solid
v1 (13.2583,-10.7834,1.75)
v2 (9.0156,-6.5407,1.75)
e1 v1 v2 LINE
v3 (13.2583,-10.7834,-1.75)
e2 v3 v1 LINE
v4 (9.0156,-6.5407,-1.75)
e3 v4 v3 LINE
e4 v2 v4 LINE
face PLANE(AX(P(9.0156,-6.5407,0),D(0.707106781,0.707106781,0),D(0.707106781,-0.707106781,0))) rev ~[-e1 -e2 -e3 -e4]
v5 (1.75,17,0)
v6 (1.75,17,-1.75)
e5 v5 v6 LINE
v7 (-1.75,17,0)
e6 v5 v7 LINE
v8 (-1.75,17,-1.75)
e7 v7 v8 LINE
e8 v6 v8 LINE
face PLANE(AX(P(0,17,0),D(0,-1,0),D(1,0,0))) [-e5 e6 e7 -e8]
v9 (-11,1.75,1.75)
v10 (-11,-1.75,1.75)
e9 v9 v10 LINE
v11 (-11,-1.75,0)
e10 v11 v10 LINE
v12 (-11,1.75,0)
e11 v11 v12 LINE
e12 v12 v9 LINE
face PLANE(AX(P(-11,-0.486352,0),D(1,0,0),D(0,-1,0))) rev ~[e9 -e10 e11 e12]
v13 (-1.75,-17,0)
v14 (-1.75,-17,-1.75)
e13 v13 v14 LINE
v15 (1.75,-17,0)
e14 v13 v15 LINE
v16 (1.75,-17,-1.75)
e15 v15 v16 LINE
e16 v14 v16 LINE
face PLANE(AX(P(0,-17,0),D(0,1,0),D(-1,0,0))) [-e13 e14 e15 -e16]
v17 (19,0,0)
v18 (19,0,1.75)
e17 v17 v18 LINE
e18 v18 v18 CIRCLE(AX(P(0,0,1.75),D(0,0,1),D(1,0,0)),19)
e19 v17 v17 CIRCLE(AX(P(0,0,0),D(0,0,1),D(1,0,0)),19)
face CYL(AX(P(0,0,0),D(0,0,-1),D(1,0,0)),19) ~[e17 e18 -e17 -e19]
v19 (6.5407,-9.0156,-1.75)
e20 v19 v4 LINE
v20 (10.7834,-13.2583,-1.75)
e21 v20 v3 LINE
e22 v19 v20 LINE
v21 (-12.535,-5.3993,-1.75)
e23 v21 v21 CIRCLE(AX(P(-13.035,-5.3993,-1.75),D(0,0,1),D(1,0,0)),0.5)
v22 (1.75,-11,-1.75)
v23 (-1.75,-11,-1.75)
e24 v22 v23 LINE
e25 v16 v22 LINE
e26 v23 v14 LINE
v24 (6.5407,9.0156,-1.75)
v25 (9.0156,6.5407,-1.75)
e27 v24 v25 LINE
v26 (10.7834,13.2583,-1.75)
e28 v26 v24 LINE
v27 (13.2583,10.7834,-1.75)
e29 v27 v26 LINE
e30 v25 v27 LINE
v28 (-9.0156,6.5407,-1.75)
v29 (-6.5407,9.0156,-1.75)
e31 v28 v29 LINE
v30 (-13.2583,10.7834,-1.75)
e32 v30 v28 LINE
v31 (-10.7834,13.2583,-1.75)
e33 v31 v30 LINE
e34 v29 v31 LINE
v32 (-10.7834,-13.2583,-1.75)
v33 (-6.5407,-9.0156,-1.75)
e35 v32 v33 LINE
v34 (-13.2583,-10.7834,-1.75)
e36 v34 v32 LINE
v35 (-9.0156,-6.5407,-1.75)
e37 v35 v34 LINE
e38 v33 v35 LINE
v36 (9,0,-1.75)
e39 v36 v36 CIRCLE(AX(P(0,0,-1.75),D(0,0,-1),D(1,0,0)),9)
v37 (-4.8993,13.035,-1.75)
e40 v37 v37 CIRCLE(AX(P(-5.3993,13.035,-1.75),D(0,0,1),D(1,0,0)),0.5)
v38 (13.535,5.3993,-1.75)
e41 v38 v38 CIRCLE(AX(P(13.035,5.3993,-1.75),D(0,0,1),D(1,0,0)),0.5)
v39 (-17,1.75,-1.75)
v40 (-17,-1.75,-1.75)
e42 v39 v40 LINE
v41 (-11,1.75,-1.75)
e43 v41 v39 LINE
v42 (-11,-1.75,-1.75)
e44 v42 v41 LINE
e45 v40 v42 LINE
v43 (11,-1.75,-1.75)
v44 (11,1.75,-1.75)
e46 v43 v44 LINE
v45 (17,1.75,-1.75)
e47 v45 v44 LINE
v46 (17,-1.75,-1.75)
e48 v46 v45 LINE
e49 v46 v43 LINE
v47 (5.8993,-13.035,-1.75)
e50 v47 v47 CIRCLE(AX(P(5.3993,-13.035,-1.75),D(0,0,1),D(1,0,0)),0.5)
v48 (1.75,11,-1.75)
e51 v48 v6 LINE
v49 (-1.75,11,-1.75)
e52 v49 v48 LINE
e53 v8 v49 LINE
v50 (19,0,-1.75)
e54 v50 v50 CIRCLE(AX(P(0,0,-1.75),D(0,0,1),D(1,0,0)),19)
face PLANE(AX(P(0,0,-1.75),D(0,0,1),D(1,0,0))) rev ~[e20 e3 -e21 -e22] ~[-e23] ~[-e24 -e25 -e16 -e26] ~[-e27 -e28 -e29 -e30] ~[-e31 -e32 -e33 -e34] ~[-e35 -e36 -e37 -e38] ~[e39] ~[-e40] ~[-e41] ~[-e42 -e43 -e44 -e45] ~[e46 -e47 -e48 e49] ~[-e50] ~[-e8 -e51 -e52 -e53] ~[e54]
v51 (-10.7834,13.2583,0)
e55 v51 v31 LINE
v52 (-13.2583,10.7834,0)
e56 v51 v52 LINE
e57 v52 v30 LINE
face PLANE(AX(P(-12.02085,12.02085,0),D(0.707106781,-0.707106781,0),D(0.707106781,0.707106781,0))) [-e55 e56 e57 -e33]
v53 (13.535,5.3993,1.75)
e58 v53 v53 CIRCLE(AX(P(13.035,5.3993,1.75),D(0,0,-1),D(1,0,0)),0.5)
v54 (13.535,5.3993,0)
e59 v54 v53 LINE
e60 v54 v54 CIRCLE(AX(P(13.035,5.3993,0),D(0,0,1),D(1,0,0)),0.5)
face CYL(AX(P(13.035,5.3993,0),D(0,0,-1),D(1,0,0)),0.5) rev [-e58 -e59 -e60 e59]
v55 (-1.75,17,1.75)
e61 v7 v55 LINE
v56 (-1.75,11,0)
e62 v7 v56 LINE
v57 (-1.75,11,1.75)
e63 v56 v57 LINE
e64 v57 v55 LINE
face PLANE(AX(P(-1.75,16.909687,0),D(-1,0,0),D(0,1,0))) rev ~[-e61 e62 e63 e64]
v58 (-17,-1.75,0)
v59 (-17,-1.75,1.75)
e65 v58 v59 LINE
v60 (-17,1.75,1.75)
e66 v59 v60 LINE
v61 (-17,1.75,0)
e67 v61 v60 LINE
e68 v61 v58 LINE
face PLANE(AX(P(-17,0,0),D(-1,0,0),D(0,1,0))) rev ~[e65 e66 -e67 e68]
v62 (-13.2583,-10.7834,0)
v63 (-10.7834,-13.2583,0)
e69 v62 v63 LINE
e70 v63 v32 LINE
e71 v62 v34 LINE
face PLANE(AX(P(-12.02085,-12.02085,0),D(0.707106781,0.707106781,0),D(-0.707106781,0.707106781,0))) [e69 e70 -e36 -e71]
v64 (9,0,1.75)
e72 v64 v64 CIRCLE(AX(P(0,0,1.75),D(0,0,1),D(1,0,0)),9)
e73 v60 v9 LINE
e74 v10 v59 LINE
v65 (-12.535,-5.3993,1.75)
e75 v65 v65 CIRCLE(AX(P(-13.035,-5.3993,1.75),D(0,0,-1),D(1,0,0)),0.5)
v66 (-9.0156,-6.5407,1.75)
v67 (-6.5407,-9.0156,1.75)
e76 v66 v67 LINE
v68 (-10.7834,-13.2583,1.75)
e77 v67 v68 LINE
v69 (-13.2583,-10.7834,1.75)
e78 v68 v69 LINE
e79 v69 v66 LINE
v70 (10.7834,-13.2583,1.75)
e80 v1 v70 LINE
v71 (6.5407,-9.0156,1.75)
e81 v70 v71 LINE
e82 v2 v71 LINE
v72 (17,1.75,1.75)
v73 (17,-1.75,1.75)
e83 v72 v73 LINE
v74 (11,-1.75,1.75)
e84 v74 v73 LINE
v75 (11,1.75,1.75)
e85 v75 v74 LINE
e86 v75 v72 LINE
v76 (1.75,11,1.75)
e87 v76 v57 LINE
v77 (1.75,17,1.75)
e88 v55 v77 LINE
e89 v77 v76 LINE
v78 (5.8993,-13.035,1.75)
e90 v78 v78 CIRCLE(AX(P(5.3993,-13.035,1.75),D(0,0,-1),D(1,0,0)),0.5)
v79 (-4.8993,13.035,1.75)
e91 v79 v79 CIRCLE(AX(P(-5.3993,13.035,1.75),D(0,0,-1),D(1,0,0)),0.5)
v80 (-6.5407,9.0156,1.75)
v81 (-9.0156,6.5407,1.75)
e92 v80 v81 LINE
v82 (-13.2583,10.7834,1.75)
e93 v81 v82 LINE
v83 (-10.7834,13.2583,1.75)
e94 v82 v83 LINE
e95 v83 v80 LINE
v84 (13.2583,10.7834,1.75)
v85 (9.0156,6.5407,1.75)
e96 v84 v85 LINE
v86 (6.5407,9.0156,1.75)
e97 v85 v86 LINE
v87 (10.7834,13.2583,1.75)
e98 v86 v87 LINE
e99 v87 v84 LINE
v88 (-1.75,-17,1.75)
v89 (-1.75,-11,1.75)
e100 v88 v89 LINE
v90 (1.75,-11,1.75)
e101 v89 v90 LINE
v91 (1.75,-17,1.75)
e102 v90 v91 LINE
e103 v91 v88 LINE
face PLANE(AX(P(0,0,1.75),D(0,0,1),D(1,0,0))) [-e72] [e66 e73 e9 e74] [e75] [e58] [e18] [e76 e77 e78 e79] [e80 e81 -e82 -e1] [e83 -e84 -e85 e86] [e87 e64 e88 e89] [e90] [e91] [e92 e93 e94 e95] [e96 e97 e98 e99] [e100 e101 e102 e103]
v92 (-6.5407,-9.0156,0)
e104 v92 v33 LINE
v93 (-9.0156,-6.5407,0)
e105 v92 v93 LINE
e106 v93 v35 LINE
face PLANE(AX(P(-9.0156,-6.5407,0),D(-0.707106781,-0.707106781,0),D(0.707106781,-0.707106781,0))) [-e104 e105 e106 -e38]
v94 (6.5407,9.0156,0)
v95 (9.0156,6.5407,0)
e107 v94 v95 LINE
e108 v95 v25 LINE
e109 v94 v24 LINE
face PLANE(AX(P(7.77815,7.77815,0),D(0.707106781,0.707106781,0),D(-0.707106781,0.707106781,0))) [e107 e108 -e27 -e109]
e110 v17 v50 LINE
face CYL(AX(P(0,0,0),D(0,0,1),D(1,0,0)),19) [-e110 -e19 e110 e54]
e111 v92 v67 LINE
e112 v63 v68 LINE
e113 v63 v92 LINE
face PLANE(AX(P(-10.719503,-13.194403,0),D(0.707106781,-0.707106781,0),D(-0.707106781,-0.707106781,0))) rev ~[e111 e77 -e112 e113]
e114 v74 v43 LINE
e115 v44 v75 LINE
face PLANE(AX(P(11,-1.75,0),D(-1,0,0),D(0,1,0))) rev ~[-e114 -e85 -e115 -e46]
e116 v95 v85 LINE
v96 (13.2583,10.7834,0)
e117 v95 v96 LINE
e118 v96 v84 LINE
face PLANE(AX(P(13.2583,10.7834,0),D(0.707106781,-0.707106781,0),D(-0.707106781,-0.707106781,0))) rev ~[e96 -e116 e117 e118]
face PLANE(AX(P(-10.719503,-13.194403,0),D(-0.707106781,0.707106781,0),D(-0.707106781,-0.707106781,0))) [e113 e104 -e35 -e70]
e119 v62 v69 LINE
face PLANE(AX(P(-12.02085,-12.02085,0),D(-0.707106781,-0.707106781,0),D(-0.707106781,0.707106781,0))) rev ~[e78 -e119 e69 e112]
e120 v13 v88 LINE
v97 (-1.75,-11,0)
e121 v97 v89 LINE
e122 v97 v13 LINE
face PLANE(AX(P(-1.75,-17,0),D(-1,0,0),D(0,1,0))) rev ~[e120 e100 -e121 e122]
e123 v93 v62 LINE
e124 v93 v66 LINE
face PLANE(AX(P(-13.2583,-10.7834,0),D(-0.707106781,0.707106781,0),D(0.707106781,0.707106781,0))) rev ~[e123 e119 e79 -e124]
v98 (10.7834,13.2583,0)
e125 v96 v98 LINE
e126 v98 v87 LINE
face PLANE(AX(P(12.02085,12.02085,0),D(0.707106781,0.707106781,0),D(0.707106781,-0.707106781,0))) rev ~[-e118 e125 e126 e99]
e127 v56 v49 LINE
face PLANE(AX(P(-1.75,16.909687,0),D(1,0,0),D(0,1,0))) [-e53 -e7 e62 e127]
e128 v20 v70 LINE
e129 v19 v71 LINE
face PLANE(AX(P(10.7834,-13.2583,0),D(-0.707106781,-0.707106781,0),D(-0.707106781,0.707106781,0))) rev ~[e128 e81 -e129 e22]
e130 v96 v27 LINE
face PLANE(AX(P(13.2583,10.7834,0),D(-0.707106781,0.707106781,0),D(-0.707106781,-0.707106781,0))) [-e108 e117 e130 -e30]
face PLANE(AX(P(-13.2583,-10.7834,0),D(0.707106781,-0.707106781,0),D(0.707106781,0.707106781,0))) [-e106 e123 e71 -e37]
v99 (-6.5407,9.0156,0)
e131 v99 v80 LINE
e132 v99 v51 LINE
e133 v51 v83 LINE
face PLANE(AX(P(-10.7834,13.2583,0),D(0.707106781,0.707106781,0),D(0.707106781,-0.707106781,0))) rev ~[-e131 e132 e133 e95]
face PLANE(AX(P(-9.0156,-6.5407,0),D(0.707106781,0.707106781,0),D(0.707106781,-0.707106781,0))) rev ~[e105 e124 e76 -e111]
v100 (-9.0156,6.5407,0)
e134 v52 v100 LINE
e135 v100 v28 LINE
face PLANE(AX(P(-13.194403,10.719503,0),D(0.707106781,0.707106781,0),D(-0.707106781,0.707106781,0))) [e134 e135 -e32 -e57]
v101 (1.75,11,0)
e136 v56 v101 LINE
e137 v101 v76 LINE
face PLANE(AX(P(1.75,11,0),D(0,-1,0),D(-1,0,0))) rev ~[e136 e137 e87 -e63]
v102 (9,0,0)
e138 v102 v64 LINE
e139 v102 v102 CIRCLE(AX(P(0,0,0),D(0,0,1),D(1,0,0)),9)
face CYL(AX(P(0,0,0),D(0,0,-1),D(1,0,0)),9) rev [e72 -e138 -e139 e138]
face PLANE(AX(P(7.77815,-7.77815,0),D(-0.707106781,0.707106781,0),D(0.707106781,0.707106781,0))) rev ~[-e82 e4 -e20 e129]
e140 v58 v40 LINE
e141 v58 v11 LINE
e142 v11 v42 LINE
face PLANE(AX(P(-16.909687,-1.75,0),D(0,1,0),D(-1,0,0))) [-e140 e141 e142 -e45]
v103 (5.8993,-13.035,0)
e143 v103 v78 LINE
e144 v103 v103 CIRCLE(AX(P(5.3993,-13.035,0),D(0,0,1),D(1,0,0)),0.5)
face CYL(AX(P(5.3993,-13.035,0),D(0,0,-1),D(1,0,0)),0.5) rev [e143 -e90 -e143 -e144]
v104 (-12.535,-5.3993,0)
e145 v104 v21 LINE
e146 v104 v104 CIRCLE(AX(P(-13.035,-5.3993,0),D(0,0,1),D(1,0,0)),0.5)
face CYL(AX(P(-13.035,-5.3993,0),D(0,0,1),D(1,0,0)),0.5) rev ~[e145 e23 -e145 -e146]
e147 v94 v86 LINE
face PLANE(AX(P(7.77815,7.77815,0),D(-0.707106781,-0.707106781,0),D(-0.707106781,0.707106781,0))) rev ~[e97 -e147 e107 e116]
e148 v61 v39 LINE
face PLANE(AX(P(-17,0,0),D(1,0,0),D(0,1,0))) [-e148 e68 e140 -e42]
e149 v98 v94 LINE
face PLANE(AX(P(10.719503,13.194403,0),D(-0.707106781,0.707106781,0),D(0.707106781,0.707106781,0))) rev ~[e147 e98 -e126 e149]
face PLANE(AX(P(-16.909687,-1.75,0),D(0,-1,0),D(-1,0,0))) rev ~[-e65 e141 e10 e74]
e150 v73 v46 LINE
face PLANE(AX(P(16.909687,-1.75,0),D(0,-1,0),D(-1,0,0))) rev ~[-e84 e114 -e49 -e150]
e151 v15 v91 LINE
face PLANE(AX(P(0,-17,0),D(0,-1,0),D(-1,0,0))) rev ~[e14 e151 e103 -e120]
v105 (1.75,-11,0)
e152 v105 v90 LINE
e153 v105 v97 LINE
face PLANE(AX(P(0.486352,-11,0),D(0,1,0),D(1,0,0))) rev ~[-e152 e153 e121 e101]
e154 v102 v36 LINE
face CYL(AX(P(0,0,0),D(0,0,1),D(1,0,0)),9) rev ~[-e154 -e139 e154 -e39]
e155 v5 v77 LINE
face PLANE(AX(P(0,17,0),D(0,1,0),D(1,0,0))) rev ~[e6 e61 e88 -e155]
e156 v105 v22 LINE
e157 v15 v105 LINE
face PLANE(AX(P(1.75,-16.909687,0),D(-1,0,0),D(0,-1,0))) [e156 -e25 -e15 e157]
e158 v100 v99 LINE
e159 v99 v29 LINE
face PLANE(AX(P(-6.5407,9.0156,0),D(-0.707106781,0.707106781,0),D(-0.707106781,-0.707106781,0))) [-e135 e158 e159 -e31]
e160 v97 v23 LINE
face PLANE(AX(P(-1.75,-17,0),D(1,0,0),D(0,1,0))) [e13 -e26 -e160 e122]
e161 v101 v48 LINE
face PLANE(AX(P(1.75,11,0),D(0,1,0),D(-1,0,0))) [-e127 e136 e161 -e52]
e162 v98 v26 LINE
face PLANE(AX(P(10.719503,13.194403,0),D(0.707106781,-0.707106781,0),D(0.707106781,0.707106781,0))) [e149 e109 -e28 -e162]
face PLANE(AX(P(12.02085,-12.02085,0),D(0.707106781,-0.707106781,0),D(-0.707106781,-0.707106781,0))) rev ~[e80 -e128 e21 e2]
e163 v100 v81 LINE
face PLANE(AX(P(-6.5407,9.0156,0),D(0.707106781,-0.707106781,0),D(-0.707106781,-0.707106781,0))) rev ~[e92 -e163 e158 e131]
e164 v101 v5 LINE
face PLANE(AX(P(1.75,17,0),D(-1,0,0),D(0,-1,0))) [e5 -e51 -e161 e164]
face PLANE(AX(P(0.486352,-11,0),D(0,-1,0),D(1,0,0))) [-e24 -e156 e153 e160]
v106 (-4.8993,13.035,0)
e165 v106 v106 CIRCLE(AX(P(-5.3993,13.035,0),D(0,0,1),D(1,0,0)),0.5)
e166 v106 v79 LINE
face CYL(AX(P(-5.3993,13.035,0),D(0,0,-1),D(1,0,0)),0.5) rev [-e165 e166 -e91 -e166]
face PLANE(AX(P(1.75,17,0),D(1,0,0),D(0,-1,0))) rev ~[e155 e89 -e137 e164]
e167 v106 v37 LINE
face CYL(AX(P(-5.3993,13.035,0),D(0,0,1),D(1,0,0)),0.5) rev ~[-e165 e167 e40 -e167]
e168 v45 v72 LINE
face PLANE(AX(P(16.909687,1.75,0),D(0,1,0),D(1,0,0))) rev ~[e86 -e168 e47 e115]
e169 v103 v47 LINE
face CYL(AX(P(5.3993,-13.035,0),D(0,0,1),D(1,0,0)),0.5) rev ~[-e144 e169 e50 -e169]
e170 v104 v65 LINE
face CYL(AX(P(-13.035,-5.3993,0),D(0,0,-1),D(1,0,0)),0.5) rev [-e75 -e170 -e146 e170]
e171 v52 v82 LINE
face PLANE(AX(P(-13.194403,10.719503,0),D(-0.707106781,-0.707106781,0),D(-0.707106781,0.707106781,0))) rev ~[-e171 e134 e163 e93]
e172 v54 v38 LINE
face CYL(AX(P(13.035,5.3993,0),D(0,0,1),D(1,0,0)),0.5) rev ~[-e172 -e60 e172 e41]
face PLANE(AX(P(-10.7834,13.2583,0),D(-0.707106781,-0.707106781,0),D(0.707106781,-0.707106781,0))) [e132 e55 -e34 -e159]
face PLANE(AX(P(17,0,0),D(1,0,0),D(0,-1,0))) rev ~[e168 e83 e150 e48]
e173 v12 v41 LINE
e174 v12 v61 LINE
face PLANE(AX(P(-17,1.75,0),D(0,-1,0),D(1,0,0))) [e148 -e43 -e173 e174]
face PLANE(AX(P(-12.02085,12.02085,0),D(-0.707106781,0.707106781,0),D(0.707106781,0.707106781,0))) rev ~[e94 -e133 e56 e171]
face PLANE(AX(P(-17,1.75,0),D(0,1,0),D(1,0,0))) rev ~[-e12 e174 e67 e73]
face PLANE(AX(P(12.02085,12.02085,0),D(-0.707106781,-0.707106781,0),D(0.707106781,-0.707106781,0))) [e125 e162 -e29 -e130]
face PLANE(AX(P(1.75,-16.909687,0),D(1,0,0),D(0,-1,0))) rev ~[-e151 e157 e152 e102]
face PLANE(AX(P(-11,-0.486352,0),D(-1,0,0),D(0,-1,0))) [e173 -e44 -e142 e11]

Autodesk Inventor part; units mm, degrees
ref_plane "YZ Plane" through (0, 0, 0) normal (1, 0, 0) x (0, 1, 0)
ref_plane "XZ Plane" through (0, 0, 0) normal (0, 1, 0) x (-1, 0, 0)
ref_plane "XY Plane" through (0, 0, 0) normal (0, 0, 1) x (1, 0, 0)
sketch "Sketch1" plane through (0, 0, 0) normal (0, 0, 1) x (1, 0, 0)
  circle A0 centre (0, 0) radius 11
  circle A1 centre (0, 0) radius 17
  line L0 (11, 1.75) -> (17, 1.75)
  line L1 (17, 1.75) -> (17, -1.75)
  line L2 (17, -1.75) -> (11, -1.75)
  line L3 (11, -1.75) -> (11, 1.75)
  line L4 (13.2583, 10.7834) -> (9.0156, 6.5407)
  line L5 (9.0156, 6.5407) -> (6.5407, 9.0156)
  line L6 (6.5407, 9.0156) -> (10.7834, 13.2583)
  line L7 (10.7834, 13.2583) -> (13.2583, 10.7834)
  line L8 (1.75, 17) -> (1.75, 11)
  line L9 (1.75, 11) -> (-1.75, 11)
  line L10 (-1.75, 11) -> (-1.75, 17)
  line L11 (-1.75, 17) -> (1.75, 17)
  line L12 (-10.7834, 13.2583) -> (-6.5407, 9.0156)
  line L13 (-6.5407, 9.0156) -> (-9.0156, 6.5407)
  line L14 (-9.0156, 6.5407) -> (-13.2583, 10.7834)
  line L15 (-13.2583, 10.7834) -> (-10.7834, 13.2583)
  line L16 (-17, 1.75) -> (-11, 1.75)
  line L17 (-11, 1.75) -> (-11, -1.75)
  line L18 (-11, -1.75) -> (-17, -1.75)
  line L19 (-17, -1.75) -> (-17, 1.75)
  line L20 (-13.2583, -10.7834) -> (-9.0156, -6.5407)
  line L21 (-9.0156, -6.5407) -> (-6.5407, -9.0156)
  line L22 (-6.5407, -9.0156) -> (-10.7834, -13.2583)
  line L23 (-10.7834, -13.2583) -> (-13.2583, -10.7834)
  line L24 (-1.75, -17) -> (-1.75, -11)
  line L25 (-1.75, -11) -> (1.75, -11)
  line L26 (1.75, -11) -> (1.75, -17)
  line L27 (1.75, -17) -> (-1.75, -17)
  line L28 (10.7834, -13.2583) -> (6.5407, -9.0156)
  line L29 (6.5407, -9.0156) -> (9.0156, -6.5407)
  line L30 (9.0156, -6.5407) -> (13.2583, -10.7834)
  line L31 (13.2583, -10.7834) -> (10.7834, -13.2583)
  circle A2 centre (0, 0) radius 9
  circle A3 centre (0, 0) radius 19
  line L32 (-13.035, -5.3993) -> (-5.3993, 13.035)
  line L33 (-5.3993, 13.035) -> (13.035, 5.3993)
  line L34 (13.035, 5.3993) -> (5.3993, -13.035)
  line L35 (5.3993, -13.035) -> (-13.035, -5.3993)
  line L36 (0, 0) -> (-5.3993, 13.035)
  line L37 (0, 0) -> (14.109, 0) construction
  line L38 (0, 0) -> (16.0476, 6.6471)
  line L39 (0, 0) -> (17.3698, 0) construction
  circle A4 centre (-5.3993, 13.035) radius 0.5
  circle A5 centre (13.035, 5.3993) radius 0.5
  circle A6 centre (5.3993, -13.035) radius 0.5
  circle A7 centre (-13.035, -5.3993) radius 0.5
  point P0 (11, 0)
  point P1 (7.7782, 7.7782)
  point P2 (0, 11)
  point P3 (-7.7782, 7.7782)
  point P4 (-11, 0)
  point P5 (-7.7782, -7.7782)
  point P6 (0, -11)
  point P7 (7.7782, -7.7782)
  dimension "d0" = 22
  dimension "d1" = 6
  dimension "d2" = 3.5
  dimension "d3" = 6
  dimension "d6" = 360
  dimension "d8" = 2
  dimension "d9" = 2
  dimension "d23" = 112.5
  dimension "d24" = 22.5
  dimension "d25" = 1
  dimension "d26" = 1
  dimension "d27" = 1
  dimension "d28" = 1
  dimension "d29" = 14.109
  dimension "d30" = 19.9531
  dimension "d31" = 19.9531
extrude "Extrusion1" add sketch "Sketch1" along normal mid plane 3.5 contours A0 L34 | L3 L2 A1 L30 L29 A0 | A0 L34 L3 | L34 A0 L35 L32 L36 A2 L38 | A0 L38 A5 L34 L0 L3 | L29 L34 A0 | L38 A2 L36 A0 L33 | A0 L33 L5 L4 A5 L38 | L34 L29 L28 A6 L35 L26 L25 A0 | L34 A5 L38 A1 L0 | L33 A0 | A0 L5 L33 | L35 L25 A0 | A0 L35 | L28 A1 L26 L35 A6 L34 | A0 L9 L8 A1 L6 L5 | L33 L9 A0 | A0 L36 A4 L33 L10 L9 | L33 L4 A1 L38 A5 | L25 L24 A1 L22 L21 A0 | L35 L21 L20 A7 L32 L18 L17 A0 | A0 L21 L35 | A0 L32 L13 L12 A4 L36 | L32 L17 A0 | A0 L32 | A0 L13 L32 | L33 A4 L32 L12 A1 L10 | L17 L16 A1 L14 L13 A0 | L20 A1 L18 L32 A7 L35 | A3
equation "\"d25\" = d28"
equation "\"d26\" = d28"
equation "\"d27\" = d28"
properties part number "Spodnji obroc"
